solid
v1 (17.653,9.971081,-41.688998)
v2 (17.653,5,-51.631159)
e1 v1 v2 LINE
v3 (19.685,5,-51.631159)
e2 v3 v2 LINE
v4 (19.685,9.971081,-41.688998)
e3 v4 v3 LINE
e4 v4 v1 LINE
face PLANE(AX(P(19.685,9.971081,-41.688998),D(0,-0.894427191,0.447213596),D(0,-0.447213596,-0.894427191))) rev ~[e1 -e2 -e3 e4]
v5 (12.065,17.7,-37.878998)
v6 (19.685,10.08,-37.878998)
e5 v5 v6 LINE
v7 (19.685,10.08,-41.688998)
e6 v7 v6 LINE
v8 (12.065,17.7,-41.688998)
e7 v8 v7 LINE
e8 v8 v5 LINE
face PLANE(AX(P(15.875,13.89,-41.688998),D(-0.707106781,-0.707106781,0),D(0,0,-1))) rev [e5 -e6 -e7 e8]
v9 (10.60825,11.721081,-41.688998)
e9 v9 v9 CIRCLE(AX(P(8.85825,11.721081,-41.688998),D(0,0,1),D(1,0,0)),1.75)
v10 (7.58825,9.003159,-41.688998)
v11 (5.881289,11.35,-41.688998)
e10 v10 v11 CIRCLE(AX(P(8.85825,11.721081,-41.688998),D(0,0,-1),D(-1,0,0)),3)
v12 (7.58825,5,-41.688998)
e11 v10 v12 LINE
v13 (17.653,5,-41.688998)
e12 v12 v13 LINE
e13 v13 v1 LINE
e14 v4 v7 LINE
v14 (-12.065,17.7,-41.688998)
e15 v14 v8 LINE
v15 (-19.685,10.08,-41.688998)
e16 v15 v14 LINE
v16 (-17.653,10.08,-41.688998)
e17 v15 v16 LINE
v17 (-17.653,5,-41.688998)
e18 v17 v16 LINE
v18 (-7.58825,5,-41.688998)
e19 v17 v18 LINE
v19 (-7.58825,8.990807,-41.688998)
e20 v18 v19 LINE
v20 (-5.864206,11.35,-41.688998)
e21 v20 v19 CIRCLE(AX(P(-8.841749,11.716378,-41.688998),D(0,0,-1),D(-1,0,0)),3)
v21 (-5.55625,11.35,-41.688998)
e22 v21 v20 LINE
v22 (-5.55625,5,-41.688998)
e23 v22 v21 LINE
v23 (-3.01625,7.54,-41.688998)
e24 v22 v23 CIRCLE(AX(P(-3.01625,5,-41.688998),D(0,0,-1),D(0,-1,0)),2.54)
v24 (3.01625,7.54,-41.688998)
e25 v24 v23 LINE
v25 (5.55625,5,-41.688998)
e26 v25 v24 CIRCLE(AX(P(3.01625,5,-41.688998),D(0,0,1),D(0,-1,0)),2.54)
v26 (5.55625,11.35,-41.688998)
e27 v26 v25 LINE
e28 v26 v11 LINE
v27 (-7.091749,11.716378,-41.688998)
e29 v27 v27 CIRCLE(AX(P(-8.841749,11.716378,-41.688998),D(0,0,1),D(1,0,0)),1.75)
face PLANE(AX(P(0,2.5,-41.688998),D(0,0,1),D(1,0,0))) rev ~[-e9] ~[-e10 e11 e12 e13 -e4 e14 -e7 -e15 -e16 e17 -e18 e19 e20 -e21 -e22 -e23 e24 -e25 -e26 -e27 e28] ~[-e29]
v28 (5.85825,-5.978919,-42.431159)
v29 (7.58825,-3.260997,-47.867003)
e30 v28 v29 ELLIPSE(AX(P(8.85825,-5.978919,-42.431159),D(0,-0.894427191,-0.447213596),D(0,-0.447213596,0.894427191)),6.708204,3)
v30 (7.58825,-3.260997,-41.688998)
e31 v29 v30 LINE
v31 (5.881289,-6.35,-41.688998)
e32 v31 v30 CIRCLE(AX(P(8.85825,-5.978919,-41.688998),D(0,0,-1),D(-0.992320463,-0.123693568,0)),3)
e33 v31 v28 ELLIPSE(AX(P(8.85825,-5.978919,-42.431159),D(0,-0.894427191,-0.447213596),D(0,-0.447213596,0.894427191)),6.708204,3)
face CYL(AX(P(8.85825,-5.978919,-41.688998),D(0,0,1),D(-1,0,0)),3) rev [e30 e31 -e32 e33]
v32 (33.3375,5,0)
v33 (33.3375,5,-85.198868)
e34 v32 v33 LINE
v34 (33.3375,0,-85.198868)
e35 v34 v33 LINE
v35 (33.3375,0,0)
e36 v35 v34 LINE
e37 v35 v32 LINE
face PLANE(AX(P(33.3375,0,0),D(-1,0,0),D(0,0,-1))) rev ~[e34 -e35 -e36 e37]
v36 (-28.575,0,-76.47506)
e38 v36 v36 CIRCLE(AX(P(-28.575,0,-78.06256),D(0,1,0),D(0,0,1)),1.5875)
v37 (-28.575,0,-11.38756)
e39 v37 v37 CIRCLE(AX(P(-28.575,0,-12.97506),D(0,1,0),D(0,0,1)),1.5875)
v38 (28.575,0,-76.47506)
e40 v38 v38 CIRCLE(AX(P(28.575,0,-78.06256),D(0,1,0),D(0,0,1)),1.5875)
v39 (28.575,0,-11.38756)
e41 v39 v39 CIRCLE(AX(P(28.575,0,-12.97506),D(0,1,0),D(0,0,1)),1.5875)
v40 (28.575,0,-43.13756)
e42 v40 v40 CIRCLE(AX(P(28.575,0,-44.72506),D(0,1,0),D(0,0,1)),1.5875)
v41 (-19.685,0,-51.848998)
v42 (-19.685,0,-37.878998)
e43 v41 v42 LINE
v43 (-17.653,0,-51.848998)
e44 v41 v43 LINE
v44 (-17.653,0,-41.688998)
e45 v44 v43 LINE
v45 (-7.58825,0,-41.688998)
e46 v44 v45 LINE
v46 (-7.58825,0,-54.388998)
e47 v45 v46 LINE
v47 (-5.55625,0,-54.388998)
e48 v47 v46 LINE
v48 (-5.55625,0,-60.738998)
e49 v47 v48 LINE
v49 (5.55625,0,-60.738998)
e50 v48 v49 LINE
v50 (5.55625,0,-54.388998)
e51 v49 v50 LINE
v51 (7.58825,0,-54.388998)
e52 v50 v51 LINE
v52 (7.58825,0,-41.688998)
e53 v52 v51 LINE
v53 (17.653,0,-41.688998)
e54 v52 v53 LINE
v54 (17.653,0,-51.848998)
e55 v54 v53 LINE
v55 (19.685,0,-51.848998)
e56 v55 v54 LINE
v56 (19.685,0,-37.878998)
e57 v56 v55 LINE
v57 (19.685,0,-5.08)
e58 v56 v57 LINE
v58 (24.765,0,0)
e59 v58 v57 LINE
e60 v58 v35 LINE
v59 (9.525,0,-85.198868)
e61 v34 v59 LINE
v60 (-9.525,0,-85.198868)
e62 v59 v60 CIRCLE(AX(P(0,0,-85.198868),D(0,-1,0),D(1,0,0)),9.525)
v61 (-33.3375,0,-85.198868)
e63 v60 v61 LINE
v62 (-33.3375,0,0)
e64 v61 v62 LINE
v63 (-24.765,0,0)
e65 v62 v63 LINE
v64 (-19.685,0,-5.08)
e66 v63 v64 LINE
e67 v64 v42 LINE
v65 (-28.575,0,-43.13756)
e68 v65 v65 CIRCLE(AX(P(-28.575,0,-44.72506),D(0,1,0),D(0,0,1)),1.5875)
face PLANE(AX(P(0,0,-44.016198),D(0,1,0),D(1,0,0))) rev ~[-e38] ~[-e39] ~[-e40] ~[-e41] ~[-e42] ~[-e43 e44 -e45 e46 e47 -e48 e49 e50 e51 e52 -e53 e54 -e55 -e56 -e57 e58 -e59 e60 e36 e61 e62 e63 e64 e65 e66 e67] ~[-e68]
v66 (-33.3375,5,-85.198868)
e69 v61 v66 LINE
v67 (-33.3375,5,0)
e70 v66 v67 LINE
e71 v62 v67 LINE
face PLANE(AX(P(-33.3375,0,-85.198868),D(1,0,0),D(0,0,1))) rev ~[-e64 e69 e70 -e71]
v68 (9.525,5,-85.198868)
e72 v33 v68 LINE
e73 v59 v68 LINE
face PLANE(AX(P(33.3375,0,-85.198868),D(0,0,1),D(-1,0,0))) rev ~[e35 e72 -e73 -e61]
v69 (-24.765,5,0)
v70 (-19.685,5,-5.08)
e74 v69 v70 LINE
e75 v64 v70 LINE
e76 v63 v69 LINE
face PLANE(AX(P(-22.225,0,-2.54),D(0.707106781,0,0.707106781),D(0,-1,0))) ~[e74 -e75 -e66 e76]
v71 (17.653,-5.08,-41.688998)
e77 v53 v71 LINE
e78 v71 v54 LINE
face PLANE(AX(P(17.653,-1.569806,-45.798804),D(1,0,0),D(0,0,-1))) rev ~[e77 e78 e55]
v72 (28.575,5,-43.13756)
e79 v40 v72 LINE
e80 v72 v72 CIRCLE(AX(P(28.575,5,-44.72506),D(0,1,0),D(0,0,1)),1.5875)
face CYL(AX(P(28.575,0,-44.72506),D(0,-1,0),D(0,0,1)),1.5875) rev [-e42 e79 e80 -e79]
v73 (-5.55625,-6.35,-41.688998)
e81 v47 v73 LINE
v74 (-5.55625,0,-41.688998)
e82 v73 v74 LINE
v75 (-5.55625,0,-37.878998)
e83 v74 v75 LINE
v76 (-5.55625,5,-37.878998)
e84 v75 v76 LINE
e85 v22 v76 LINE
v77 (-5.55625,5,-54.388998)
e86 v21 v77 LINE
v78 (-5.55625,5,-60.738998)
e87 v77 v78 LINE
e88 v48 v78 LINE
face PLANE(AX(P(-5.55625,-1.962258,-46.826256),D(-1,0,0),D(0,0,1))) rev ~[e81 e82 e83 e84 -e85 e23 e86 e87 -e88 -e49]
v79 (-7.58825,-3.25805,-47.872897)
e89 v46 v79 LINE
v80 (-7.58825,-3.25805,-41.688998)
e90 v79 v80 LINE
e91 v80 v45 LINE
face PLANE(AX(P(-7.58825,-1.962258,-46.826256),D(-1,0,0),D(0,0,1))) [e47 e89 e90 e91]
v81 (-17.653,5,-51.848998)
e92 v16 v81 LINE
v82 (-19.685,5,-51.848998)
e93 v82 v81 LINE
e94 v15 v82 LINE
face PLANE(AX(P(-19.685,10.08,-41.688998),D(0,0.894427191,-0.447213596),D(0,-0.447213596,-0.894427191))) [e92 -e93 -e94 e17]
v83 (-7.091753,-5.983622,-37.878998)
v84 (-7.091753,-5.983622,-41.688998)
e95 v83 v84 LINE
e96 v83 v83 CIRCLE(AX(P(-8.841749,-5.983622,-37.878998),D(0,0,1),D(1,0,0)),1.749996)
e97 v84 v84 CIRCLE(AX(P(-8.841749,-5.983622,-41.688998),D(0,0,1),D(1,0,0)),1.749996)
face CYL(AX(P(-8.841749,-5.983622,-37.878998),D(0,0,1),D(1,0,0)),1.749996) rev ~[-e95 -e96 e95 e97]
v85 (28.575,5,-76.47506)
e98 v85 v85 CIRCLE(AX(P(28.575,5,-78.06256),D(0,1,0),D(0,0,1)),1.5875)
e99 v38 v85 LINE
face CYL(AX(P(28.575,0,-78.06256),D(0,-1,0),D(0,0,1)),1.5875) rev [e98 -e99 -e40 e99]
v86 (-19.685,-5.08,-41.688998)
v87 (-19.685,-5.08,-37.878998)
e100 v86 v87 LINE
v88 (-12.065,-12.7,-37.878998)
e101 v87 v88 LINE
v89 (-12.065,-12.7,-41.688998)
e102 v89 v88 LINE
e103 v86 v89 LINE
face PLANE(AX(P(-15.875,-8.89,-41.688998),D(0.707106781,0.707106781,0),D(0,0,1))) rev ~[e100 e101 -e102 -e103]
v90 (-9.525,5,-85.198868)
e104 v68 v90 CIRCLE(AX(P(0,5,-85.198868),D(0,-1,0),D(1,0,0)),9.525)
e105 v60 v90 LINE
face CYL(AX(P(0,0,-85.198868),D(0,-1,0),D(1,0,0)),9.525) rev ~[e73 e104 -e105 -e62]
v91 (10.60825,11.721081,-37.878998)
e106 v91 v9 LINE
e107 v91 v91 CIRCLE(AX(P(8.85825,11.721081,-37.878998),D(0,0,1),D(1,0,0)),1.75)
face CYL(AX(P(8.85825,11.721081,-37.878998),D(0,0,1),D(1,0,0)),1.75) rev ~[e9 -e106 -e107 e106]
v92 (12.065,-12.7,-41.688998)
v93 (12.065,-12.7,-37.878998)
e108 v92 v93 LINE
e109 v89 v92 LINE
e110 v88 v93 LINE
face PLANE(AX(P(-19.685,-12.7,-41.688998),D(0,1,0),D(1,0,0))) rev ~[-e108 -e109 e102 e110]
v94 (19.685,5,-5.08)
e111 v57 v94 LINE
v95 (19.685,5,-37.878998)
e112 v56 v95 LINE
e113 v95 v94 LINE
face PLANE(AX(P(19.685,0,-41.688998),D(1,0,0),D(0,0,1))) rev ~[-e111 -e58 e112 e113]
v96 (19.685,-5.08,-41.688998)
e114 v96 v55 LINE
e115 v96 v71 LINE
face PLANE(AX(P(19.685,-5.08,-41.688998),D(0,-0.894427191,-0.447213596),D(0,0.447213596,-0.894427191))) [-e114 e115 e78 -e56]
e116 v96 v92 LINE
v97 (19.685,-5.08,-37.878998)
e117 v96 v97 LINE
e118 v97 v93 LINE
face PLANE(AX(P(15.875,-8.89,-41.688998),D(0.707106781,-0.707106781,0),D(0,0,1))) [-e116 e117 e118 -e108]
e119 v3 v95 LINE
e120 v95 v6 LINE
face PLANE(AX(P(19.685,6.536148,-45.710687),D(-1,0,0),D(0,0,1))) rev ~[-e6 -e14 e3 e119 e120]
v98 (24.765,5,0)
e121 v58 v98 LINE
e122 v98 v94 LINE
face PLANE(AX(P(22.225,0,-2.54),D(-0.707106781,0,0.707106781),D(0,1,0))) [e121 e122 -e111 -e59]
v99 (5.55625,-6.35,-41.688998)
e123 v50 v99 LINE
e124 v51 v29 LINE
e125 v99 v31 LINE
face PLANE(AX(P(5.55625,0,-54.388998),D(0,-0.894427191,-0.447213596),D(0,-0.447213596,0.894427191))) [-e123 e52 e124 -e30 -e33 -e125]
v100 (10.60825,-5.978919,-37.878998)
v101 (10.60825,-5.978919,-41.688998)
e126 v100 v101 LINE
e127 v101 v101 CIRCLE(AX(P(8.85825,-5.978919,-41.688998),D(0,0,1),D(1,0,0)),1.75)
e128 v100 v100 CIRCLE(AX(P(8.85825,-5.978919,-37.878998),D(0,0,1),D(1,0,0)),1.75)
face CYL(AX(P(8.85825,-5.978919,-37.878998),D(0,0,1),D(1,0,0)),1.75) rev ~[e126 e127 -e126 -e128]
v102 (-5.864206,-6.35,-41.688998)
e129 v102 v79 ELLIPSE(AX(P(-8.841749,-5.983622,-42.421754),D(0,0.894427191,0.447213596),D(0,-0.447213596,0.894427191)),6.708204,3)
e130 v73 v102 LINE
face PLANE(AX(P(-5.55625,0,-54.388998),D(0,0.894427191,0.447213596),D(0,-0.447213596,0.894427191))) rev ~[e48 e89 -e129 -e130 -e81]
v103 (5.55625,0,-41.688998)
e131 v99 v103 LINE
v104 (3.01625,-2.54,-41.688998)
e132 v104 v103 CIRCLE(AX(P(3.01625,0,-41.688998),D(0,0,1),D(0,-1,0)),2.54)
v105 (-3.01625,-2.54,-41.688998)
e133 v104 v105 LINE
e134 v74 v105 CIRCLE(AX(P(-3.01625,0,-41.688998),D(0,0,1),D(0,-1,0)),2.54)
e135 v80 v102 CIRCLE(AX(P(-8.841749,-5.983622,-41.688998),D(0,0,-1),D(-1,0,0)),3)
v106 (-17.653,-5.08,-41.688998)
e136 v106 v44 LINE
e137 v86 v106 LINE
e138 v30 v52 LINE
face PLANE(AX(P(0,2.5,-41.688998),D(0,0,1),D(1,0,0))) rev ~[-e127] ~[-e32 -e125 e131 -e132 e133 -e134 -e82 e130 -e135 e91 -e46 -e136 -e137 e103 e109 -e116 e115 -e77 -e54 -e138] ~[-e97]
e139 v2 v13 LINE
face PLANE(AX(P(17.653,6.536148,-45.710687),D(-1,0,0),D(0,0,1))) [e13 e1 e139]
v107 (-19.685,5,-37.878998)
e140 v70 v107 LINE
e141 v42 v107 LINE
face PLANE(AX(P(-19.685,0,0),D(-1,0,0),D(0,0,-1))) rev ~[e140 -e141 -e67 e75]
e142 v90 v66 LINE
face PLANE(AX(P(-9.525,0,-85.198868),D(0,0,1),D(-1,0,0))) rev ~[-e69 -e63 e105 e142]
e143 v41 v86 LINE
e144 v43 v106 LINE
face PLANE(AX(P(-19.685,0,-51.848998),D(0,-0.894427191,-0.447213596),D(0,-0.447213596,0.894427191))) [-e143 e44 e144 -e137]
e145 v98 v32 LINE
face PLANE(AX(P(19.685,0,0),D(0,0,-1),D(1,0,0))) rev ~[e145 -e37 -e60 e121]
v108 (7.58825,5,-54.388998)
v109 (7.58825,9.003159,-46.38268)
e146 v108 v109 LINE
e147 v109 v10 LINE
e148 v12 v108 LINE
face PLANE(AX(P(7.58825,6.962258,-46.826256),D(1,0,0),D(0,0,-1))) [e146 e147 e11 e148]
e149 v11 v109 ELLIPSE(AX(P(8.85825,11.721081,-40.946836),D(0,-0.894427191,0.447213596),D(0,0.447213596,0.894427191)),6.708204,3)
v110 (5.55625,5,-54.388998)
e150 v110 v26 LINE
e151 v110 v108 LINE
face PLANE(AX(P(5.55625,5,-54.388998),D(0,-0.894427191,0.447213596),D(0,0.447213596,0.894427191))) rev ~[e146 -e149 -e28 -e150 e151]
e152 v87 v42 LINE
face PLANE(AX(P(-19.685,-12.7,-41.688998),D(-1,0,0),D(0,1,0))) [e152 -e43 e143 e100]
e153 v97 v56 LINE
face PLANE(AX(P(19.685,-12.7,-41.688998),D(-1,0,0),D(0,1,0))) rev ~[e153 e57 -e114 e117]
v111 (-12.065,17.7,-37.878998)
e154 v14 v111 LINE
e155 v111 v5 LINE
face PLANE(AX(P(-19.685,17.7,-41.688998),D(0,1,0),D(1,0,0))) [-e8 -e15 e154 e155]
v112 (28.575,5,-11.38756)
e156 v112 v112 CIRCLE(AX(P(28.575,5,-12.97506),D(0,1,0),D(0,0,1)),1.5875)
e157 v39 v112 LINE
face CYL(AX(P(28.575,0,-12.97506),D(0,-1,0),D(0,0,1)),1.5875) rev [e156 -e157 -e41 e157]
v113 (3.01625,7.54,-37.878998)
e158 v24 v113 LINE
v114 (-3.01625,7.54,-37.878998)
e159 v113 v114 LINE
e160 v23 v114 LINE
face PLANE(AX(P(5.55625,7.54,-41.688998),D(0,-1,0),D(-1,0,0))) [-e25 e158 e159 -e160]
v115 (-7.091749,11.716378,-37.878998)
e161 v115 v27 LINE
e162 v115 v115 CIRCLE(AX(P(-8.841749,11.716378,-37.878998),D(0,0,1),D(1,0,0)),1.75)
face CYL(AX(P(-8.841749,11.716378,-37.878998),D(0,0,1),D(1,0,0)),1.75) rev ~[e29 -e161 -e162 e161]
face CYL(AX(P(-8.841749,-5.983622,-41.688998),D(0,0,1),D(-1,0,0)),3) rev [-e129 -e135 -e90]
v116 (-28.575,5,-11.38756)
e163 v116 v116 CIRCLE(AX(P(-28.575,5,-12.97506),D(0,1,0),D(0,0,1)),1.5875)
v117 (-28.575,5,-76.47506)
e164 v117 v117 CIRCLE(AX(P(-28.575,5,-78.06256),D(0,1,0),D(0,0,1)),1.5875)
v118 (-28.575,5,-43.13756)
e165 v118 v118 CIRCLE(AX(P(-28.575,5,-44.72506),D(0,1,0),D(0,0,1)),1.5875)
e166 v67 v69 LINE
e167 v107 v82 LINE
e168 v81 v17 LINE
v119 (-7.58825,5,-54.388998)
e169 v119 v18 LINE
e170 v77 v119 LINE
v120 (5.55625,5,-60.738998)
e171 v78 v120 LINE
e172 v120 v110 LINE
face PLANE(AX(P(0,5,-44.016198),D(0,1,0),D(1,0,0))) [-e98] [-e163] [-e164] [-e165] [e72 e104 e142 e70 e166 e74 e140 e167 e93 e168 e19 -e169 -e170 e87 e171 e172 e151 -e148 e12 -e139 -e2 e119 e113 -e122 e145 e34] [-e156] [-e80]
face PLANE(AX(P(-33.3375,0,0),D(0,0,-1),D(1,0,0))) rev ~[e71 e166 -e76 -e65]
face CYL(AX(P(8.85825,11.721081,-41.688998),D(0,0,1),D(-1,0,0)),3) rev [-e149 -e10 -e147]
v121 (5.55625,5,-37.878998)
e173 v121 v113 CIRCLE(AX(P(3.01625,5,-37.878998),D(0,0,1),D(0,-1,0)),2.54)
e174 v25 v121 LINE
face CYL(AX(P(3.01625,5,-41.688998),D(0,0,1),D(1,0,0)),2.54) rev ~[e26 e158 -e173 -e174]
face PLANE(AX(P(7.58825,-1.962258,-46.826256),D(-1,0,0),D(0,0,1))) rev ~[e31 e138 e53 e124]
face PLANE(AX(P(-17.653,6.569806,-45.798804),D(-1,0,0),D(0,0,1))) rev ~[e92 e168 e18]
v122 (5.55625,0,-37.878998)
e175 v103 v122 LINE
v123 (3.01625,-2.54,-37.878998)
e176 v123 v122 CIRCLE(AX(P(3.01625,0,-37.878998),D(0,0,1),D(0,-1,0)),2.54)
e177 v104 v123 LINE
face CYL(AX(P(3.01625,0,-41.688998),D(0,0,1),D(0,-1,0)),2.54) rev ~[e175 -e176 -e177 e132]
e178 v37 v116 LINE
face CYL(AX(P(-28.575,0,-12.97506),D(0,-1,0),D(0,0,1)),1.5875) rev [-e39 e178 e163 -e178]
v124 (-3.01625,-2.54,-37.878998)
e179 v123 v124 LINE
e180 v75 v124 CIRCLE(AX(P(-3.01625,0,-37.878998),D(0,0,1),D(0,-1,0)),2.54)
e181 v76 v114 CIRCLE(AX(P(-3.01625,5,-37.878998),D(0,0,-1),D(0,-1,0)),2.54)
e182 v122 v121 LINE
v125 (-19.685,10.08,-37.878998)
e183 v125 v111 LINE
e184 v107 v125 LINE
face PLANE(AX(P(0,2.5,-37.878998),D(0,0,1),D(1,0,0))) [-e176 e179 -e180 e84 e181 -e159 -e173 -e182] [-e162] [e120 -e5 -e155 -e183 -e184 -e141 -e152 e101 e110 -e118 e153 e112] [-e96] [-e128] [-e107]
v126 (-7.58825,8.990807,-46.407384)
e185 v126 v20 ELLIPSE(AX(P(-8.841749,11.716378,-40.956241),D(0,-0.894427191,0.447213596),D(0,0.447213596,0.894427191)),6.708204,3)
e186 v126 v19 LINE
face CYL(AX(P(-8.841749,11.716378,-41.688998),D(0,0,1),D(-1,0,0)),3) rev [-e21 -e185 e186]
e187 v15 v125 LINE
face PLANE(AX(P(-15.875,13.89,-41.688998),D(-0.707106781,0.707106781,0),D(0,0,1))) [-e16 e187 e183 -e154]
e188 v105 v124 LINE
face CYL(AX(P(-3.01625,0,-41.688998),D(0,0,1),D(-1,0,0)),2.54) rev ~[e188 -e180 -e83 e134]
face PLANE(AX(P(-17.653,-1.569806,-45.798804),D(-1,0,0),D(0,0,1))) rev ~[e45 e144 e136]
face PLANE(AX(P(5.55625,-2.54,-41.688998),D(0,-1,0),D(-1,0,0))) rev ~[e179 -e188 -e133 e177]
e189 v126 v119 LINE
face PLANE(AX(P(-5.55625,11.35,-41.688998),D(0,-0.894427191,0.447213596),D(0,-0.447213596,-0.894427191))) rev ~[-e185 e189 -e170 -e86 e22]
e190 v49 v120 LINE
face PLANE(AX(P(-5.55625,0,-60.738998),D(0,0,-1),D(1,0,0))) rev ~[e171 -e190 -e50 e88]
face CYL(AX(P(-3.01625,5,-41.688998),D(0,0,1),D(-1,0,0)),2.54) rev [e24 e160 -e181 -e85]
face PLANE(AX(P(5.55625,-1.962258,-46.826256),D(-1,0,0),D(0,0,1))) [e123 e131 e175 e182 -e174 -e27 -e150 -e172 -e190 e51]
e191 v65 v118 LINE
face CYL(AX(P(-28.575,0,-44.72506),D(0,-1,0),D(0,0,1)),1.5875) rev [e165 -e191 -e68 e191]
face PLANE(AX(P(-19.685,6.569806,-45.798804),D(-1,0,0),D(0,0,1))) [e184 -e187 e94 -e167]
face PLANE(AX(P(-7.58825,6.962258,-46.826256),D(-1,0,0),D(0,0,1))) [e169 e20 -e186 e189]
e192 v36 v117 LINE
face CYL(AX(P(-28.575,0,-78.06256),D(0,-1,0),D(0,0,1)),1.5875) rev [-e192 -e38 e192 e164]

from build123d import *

# Parameters (mm, degrees)
SKETCH1_R           = 1.5875
BOSS_EXTRUDE1_DEPTH = 5
SKETCH2_W           = 39.37
SKETCH2_H           = 30.4
BOSS_EXTRUDE2_DEPTH = 3.81
SKETCH3_W           = 11.1125
SKETCH3_H           = 10.08
CUT_EXTRUDE1_DEPTH  = 3.81
FILLET1_R           = 2.54
CHAMFER1_SIZE       = 7.62
CHAMFER2_SIZE       = 5.08
BOSS_EXTRUDE3_DEPTH = 2.032
BOSS_EXTRUDE4_DEPTH = 2.032
BOSS_EXTRUDE5_DEPTH = 2.032
BOSS_EXTRUDE6_DEPTH = 2.032
SKETCH8_R           = 1.75
SKETCH8_R_2         = 1.7499965
CUT_EXTRUDE2_DEPTH  = 20.32
SKETCH9_R           = 3
CUT_EXTRUDE3_DEPTH  = 10.16
BOSS_EXTRUDE7_DEPTH = 2.032
BOSS_EXTRUDE8_DEPTH = 2.032


with BuildPart() as part:
    # Sketch1 → Boss-Extrude1 (new body)
    with BuildSketch(Plane(origin=(0, 0, 0), x_dir=(1, 0, 0), z_dir=(0, 1, 0))):
        with BuildLine():
            Line((-33.3375, 0), (-19.685, 0))
            Line((-19.685, 0), (-19.685, 41.68899781))
            Line((-19.685, 41.68899781), (-5.55625, 41.68899781))
            Line((-5.55625, 41.68899781), (-5.55625, 60.73899781))
            Line((-5.55625, 60.73899781), (5.55625, 60.73899781))
            Line((5.55625, 60.73899781), (5.55625, 41.68899781))
            Line((5.55625, 41.68899781), (19.685, 41.68899781))
            Line((19.685, 41.68899781), (19.685, 0))
            Line((19.685, 0), (33.3375, 0))
            Line((33.3375, 0), (33.3375, 85.198868165))
            Line((33.3375, 85.198868165), (9.525, 85.198868165))
            ThreePointArc((9.525, 85.198868165), (0, 75.673868165), (-9.525, 85.198868165))
            Line((-9.525, 85.198868165), (-33.3375, 85.198868165))
            Line((-33.3375, 85.198868165), (-33.3375, 0))
        make_face()
        with Locations(Location((-28.575, 12.975059538, 0), (0, 0, 270))):
            Circle(SKETCH1_R, mode=Mode.SUBTRACT)
        with Locations(Location((28.575, 12.975059538, 0), (0, 0, 270))):
            Circle(SKETCH1_R, mode=Mode.SUBTRACT)
        with Locations(Location((-28.575, 44.725059538, 0), (0, 0, 270))):
            Circle(SKETCH1_R, mode=Mode.SUBTRACT)
        with Locations(Location((-28.575, 78.062559538, 0), (0, 0, 270))):
            Circle(SKETCH1_R, mode=Mode.SUBTRACT)
        with Locations(Location((28.575, 44.725059538, 0), (0, 0, 270))):
            Circle(SKETCH1_R, mode=Mode.SUBTRACT)
        with Locations(Location((28.575, 78.062559538, 0), (0, 0, 270))):
            Circle(SKETCH1_R, mode=Mode.SUBTRACT)
    extrude(amount=BOSS_EXTRUDE1_DEPTH)

    # Sketch2 → Boss-Extrude2 (add)
    with BuildSketch(Plane.XY.offset(-41.68899781)):
        with Locations((0, 2.5)):
            Rectangle(SKETCH2_W, SKETCH2_H)
    extrude(amount=BOSS_EXTRUDE2_DEPTH)

    # Sketch3 → Cut-Extrude1 (cut)
    with BuildSketch(Plane(origin=(0, 0, -41.68899781), x_dir=(-1, 0, 0), z_dir=(0, 0, -1))):
        with Locations((0, 2.5)):
            Rectangle(SKETCH3_W, SKETCH3_H)
    extrude(amount=-CUT_EXTRUDE1_DEPTH, mode=Mode.SUBTRACT)

    # Fillet1
    fillet1_edges = [part.edges().sort_by_distance(p)[0] for p in [
        (5.55625, -2.54, -39.78399781),
        (-5.55625, -2.54, -39.78399781),
        (5.55625, 7.54, -39.78399781),
        (-5.55625, 7.54, -39.78399781),
    ]]
    fillet(fillet1_edges, radius=FILLET1_R)

    # Chamfer1
    chamfer1_edges = [part.edges().sort_by_distance(p)[0] for p in [
        (19.685, -12.7, -39.78399781),
        (-19.685, 17.7, -39.78399781),
        (-19.685, -12.7, -39.78399781),
        (19.685, 17.7, -39.78399781),
    ]]
    chamfer(chamfer1_edges, length=CHAMFER1_SIZE)

    # Chamfer2
    chamfer2_edges = [part.edges().sort_by_distance(p)[0] for p in [
        (19.685, 2.5, 0),
        (-19.685, 2.5, 0),
    ]]
    chamfer(chamfer2_edges, length=CHAMFER2_SIZE)

    # Sketch4 → Boss-Extrude3 (add)
    with BuildSketch(Plane.ZY.offset(-5.55625)):
        Polygon((-41.68899781, 5), (-54.38899781, 5), (-41.68899781, 11.35), align=None)
    extrude(amount=-BOSS_EXTRUDE3_DEPTH)

    # Sketch5 → Boss-Extrude4 (add)
    with BuildSketch(Plane(origin=(-5.55625, 0, 0), x_dir=(0, 0, -1), z_dir=(1, 0, 0))):
        Polygon((54.38899781, 5), (41.68899781, 5), (41.68899781, 11.35), align=None)
    extrude(amount=-BOSS_EXTRUDE4_DEPTH)

    # Sketch6 → Boss-Extrude5 (add)
    with BuildSketch(Plane(origin=(-5.55625, 0, 0), x_dir=(0, 0, -1), z_dir=(1, 0, 0))):
        Polygon((41.68899781, 0), (54.38899781, 0), (41.68899781, -6.35), align=None)
    extrude(amount=-BOSS_EXTRUDE5_DEPTH)

    # Sketch7 → Boss-Extrude6 (add)
    with BuildSketch(Plane.ZY.offset(-5.55625)):
        Polygon((-41.68899781, 0), (-54.38899781, 0), (-41.68899781, -6.35), align=None)
    extrude(amount=-BOSS_EXTRUDE6_DEPTH)

    # Sketch8 → Cut-Extrude2 (cut)
    with BuildSketch(Plane.XY.offset(-37.87899781)):
        with Locations((-8.841749375, 11.716378166)):
            Circle(SKETCH8_R)
        with Locations((8.85825, 11.721080704)):
            Circle(SKETCH8_R)
        with Locations((8.85825, -5.978919296)):
            Circle(SKETCH8_R)
        with Locations((-8.841749375, -5.983621834)):
            Circle(SKETCH8_R_2)
    extrude(amount=-CUT_EXTRUDE2_DEPTH, mode=Mode.SUBTRACT)

    # Sketch9 → Cut-Extrude3 (cut)
    with BuildSketch(Plane(origin=(0, 0, -41.68899781), x_dir=(-1, 0, 0), z_dir=(0, 0, -1))):
        with Locations((-8.85825, 11.721080704)):
            Circle(SKETCH9_R)
        with Locations((8.841749375, 11.716378166)):
            Circle(SKETCH9_R)
        with Locations((8.841749375, -5.983621834)):
            Circle(SKETCH9_R)
        with Locations((-8.85825, -5.978919296)):
            Circle(SKETCH9_R)
    extrude(amount=CUT_EXTRUDE3_DEPTH, mode=Mode.SUBTRACT)

    # Sketch10 → Boss-Extrude7 (add)
    with BuildSketch(Plane(origin=(19.685, 0, 0), x_dir=(0, 0, -1), z_dir=(1, 0, 0))):
        Polygon((41.68899781, 9.971080704), (51.631159218, 5), (41.68899781, 5), align=None)
        Polygon((41.68899781, -5.08), (51.84899781, 0), (41.68899781, 0), align=None)
    extrude(amount=-BOSS_EXTRUDE7_DEPTH)

    # Sketch11 → Boss-Extrude8 (add)
    with BuildSketch(Plane.ZY.offset(19.685)):
        Polygon((-41.68899781, 10.08), (-51.84899781, 5), (-41.68899781, 5), align=None)
        Polygon((-41.68899781, -5.08), (-41.68899781, 0), (-51.84899781, 0), align=None)
    extrude(amount=-BOSS_EXTRUDE8_DEPTH)


solid = part.part
